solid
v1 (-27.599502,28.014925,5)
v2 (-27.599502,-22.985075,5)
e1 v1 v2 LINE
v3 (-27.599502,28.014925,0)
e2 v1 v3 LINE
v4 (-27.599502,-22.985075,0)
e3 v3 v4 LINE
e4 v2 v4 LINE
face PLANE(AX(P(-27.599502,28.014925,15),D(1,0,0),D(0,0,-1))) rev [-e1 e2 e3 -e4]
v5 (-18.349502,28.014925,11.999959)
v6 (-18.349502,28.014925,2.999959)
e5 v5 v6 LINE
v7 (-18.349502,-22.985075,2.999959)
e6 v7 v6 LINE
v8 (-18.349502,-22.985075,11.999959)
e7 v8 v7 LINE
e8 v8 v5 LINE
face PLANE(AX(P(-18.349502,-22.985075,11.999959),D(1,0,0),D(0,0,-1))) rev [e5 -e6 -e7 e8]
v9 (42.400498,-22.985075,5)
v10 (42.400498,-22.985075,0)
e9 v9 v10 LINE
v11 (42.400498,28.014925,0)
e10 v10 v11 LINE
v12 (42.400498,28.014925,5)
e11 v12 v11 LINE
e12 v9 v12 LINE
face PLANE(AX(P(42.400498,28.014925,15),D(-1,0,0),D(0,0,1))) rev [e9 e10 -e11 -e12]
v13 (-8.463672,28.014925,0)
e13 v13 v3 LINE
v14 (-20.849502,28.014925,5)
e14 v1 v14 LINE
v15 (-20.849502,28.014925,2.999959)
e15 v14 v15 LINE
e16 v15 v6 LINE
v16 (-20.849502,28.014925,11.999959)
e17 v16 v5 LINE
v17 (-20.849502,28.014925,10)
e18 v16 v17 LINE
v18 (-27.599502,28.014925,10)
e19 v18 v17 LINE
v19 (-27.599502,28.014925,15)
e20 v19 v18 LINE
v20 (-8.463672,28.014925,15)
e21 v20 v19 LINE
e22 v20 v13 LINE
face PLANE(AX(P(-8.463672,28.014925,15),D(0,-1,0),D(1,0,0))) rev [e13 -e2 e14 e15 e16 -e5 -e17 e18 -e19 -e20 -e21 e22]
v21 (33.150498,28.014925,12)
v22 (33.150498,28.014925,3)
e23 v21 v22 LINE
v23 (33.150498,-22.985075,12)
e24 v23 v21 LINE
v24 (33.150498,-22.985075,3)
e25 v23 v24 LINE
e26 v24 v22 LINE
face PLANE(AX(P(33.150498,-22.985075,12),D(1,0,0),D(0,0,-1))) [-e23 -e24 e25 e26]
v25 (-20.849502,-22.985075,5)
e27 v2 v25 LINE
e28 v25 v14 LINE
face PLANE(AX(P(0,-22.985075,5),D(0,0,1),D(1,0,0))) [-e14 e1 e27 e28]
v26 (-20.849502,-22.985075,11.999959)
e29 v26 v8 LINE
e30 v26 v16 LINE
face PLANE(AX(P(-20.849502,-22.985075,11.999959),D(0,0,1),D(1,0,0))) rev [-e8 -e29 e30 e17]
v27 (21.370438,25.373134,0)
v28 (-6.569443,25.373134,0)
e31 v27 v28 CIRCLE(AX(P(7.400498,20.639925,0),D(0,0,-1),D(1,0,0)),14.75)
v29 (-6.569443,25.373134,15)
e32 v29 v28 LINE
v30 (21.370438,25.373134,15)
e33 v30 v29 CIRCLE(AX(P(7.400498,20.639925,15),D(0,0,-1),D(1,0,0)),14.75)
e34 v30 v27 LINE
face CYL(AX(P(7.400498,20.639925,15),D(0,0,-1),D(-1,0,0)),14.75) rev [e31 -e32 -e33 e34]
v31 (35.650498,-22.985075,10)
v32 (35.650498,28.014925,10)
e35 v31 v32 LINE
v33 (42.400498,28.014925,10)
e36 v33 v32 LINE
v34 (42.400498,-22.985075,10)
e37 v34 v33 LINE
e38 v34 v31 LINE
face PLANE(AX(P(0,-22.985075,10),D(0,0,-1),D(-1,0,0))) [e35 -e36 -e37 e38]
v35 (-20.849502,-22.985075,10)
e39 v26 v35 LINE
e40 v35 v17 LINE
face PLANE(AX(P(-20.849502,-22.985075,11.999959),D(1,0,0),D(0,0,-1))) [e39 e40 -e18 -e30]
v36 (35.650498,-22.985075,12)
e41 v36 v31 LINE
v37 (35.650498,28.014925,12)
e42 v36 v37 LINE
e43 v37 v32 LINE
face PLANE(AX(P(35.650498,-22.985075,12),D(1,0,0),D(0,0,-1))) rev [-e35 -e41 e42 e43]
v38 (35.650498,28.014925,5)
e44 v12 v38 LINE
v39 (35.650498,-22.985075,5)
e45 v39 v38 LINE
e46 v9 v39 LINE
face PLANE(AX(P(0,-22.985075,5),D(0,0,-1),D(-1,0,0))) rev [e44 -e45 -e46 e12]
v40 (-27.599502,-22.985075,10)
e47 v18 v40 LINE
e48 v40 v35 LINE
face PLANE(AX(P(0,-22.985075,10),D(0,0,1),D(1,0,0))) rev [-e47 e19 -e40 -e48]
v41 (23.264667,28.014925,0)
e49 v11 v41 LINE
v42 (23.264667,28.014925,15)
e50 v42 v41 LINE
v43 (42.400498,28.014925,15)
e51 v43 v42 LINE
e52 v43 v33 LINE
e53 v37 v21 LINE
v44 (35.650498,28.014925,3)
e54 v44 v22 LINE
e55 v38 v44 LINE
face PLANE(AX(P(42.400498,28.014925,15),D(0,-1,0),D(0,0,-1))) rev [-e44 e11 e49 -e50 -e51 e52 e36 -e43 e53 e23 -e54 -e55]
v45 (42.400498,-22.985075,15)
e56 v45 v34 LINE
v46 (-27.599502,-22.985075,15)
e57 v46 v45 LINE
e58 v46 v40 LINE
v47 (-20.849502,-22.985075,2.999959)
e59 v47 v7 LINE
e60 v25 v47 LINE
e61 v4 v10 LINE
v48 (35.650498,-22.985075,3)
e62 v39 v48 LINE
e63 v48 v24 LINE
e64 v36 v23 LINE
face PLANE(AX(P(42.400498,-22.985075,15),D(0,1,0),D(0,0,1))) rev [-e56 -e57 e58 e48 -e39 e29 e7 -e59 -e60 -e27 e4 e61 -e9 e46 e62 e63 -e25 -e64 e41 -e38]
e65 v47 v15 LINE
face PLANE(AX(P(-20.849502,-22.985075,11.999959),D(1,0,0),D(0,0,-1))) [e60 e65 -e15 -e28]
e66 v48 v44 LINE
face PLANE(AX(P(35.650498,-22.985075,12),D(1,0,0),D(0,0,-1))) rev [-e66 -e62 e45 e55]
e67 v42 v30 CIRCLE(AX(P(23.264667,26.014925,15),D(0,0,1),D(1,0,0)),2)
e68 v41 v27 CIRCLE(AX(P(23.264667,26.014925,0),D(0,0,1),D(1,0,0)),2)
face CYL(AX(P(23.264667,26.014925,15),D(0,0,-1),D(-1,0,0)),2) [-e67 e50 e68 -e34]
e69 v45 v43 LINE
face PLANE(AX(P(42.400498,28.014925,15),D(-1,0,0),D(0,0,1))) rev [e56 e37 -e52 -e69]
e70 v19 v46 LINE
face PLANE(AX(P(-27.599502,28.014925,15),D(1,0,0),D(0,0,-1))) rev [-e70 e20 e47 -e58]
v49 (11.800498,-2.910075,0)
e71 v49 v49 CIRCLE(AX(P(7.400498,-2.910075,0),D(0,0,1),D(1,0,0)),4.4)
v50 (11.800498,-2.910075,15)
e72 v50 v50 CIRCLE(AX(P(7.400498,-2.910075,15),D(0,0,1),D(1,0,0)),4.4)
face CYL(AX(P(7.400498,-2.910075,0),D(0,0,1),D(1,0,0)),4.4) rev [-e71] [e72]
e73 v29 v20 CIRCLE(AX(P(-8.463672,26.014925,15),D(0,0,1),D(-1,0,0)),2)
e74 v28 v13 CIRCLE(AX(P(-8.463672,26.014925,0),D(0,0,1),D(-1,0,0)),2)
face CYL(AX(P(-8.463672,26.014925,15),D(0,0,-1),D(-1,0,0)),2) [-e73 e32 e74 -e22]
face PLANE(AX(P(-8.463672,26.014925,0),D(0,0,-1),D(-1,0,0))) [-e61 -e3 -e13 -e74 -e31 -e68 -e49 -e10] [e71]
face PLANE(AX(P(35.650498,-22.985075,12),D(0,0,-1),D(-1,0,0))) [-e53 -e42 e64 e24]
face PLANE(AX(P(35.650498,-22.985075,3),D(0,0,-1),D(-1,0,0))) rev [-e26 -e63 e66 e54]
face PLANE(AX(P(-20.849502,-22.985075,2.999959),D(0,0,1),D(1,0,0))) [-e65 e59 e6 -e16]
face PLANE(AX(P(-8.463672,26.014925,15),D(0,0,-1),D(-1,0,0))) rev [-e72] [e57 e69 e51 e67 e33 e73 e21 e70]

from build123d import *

# Parameters (mm, degrees)
BOSS_EXTRUDE1_DEPTH = 15
SKETCH5_R           = 4.4
CUT_EXTRUDE3_DEPTH  = 16
SKETCH3_W           = 16
SKETCH3_H           = 5
SKETCH3_W_2         = 2.5
SKETCH3_H_2         = 9
CUT_EXTRUDE4_DEPTH  = 52


with BuildPart() as part:
    # Sketch2 → Boss-Extrude1 (new body)
    with BuildSketch(Plane.XY):
        with BuildLine():
            Line((42.400497512, 28.014925373), (23.264667046, 28.014925373))
            ThreePointArc((23.264667046, 28.014925373), (21.639308303, 27.180347595), (21.370437848, 25.373134328))
            ThreePointArc((21.370437848, 25.373134328), (7.400497512, 5.889925373), (-6.569442823, 25.373134328))
            ThreePointArc((-6.569442823, 25.373134328), (-6.838313278, 27.180347595), (-8.463672021, 28.014925373))
            Line((-8.463672021, 28.014925373), (-27.599502488, 28.014925373))
            Line((-27.599502488, 28.014925373), (-27.599502488, -22.985074627))
            Line((-27.599502488, -22.985074627), (42.400497512, -22.985074627))
            Line((42.400497512, -22.985074627), (42.400497512, 28.014925373))
        make_face()
    extrude(amount=BOSS_EXTRUDE1_DEPTH)

    # Sketch5 → Cut-Extrude3 (cut, through all)
    with BuildSketch(Plane.XY.offset(15)):
        with Locations((7.400497512, -2.910074627)):
            Circle(SKETCH5_R)
    extrude(amount=-CUT_EXTRUDE3_DEPTH, mode=Mode.SUBTRACT)

    # Sketch3 → Cut-Extrude4 (cut, through all)
    with BuildSketch(Plane(origin=(0, 28.014925373, 0), x_dir=(1, 0, 0), z_dir=(0, 1, 0))):
        with Locations((-27.599502488, -7.5)):
            Rectangle(SKETCH3_W, SKETCH3_H)
        with Locations((42.400497512, -7.5)):
            Rectangle(SKETCH3_W, SKETCH3_H)
        with Locations((-19.599502488, -7.49995864)):
            Rectangle(SKETCH3_W_2, SKETCH3_H_2)
        with Locations((34.400497512, -7.5)):
            Rectangle(SKETCH3_W_2, SKETCH3_H_2)
    extrude(amount=-CUT_EXTRUDE4_DEPTH, mode=Mode.SUBTRACT)


solid = part.part
